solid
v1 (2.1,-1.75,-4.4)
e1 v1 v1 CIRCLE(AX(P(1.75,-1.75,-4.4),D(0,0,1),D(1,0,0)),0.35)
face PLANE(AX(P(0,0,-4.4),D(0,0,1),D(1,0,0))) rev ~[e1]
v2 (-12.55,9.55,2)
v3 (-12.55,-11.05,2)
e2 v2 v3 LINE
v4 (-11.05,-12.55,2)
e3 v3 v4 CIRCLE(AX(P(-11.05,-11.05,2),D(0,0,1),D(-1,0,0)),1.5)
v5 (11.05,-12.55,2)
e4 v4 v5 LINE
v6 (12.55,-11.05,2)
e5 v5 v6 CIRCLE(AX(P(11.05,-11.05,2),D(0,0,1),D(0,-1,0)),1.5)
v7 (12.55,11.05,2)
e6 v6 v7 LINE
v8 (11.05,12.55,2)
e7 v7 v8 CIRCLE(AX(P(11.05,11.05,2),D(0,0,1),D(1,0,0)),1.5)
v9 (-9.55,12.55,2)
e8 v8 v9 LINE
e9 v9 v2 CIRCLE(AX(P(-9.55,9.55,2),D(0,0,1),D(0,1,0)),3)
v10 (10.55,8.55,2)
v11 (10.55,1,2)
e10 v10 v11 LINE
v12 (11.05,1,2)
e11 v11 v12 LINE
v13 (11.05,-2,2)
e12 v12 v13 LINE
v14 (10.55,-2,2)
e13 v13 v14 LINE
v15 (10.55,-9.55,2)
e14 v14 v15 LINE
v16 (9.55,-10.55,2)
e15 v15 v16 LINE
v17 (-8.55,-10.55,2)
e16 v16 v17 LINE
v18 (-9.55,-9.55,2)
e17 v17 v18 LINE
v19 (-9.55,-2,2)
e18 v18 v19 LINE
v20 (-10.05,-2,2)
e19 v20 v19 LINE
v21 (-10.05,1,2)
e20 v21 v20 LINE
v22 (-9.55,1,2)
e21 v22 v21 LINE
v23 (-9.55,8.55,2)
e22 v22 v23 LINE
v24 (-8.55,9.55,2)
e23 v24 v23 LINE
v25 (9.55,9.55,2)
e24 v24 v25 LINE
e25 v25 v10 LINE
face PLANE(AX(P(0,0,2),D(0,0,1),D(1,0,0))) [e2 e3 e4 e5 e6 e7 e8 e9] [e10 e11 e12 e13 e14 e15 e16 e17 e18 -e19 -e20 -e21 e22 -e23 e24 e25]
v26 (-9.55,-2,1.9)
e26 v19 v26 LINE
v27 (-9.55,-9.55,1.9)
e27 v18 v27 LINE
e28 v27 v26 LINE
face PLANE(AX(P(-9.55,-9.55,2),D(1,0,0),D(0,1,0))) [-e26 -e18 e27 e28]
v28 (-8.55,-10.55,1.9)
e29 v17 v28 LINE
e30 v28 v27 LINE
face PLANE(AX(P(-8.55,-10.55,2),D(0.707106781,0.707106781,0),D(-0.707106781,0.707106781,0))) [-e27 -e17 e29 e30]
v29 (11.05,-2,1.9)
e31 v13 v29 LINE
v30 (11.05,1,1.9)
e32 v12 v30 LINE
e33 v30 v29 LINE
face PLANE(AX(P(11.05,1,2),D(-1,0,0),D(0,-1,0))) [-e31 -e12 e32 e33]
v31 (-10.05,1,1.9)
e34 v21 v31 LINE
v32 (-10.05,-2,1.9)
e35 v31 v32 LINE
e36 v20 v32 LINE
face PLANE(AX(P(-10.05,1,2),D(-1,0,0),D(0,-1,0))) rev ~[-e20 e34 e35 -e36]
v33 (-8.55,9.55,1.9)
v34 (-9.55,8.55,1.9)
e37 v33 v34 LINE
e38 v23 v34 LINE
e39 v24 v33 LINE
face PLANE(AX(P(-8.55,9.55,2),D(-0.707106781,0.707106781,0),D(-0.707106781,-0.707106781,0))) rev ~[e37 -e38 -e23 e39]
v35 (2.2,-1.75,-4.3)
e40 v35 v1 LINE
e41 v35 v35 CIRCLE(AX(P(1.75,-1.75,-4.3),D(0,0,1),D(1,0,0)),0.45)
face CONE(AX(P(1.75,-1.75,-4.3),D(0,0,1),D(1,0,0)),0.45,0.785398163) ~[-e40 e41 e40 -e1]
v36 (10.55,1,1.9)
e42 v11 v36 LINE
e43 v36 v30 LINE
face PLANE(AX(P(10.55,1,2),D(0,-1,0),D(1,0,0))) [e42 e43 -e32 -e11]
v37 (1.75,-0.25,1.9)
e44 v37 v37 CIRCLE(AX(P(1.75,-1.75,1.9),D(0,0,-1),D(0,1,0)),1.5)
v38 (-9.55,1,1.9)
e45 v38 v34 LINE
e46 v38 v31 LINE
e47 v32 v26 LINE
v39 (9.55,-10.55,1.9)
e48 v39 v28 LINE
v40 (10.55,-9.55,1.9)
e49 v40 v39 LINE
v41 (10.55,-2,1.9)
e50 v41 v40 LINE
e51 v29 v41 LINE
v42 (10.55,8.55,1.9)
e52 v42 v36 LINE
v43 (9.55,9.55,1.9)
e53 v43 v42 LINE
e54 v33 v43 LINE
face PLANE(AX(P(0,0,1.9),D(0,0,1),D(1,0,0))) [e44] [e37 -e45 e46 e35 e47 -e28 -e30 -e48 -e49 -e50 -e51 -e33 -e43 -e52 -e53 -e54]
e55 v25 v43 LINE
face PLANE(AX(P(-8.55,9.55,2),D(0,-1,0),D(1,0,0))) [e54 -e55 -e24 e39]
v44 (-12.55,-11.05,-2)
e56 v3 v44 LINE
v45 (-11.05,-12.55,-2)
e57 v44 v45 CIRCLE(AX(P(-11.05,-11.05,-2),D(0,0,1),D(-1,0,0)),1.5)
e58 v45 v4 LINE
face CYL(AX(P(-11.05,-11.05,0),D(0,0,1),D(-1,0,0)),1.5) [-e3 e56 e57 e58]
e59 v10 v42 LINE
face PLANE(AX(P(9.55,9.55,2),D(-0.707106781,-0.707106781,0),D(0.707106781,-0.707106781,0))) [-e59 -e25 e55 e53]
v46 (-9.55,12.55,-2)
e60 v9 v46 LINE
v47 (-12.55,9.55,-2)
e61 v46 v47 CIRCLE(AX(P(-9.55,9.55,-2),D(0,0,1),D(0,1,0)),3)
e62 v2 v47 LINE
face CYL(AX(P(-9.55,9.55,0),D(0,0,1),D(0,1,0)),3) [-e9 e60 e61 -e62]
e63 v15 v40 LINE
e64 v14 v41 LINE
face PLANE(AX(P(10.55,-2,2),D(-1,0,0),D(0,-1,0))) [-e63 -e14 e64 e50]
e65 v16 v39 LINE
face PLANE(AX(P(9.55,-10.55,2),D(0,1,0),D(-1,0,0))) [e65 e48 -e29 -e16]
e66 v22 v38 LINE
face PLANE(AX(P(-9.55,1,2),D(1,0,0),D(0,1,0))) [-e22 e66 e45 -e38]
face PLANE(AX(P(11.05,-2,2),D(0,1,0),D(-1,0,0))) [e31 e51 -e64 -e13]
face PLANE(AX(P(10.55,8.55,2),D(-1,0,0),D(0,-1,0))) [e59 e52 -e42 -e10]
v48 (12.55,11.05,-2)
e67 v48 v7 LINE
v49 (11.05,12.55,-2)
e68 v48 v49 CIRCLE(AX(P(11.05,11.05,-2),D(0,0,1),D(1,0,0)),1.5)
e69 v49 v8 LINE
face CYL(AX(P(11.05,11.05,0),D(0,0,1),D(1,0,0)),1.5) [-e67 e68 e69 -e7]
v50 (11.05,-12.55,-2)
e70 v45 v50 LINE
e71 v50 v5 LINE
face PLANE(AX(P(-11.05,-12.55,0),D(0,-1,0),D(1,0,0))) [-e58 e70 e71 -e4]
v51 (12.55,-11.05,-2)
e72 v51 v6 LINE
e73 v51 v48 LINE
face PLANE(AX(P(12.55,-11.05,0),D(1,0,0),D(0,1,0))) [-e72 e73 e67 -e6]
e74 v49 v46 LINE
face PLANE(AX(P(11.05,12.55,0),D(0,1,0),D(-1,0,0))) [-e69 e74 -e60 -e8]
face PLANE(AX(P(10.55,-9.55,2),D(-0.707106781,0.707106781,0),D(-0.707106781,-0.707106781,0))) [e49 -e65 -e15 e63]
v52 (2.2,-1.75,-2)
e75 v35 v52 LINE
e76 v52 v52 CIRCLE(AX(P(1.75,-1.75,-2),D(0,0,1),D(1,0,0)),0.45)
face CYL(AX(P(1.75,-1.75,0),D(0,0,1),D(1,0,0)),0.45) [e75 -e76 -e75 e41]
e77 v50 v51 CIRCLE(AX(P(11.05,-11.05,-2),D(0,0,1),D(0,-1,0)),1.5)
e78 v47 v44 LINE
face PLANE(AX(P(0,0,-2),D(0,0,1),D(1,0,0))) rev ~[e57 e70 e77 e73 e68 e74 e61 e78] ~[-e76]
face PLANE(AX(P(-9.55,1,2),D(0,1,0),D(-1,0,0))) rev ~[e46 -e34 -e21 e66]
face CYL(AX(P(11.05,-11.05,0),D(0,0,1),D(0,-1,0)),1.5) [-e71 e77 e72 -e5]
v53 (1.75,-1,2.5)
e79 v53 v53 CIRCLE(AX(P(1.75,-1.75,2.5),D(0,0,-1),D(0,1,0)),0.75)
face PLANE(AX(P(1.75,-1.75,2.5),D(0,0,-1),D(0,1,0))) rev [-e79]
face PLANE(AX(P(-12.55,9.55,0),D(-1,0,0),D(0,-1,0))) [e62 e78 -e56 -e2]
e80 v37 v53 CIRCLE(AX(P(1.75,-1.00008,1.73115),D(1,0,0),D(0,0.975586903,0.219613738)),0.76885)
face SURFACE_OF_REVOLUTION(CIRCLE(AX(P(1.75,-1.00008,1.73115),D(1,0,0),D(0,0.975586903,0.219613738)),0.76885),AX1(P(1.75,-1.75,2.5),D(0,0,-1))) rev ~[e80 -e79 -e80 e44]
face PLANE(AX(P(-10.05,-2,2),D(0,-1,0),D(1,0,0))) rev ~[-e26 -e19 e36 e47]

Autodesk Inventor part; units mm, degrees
ref_plane "XZ Plane" through (0, 0, 0) normal (0, 1, 0) x (-1, 0, 0)
ref_plane "XY Plane" through (0, 0, 0) normal (0, 0, 1) x (1, 0, 0)
sketch "Sketch1" plane through (0, 0, 0) normal (0, 0, 1) x (1, 0, 0)
  line L0 (-11.05, -12.55) -> (11.05, -12.55)
  line L1 (12.55, -11.05) -> (12.55, 11.05)
  line L2 (11.05, 12.55) -> (-9.55, 12.55)
  line L3 (-12.55, 9.55) -> (-12.55, -11.05)
  line L4 (-12.55, -12.55) -> (12.55, 12.55) construction
  line L5 (12.55, -12.55) -> (-12.55, 12.55) construction
  arc A0 (-9.55, 12.55) -> (-12.55, 9.55) centre (-9.55, 9.55) ccw
  arc A1 (-12.55, -11.05) -> (-11.05, -12.55) centre (-11.05, -11.05) ccw
  arc A2 (11.05, -12.55) -> (12.55, -11.05) centre (11.05, -11.05) ccw
  arc A3 (12.55, 11.05) -> (11.05, 12.55) centre (11.05, 11.05) ccw
  circle A4 centre (1.75, -1.75) radius 0.45
  point P0 (0, 0)
  point P1 (0, 0)
  dimension "d0" = 25.1
  dimension "d1" = 3
  dimension "d2" = 0.9
  dimension "d7" = 1.5
  dimension "d8" = 25.1
  dimension "d9" = 1.75
extrude "Extrusion1" add sketch "Sketch1" along normal mid plane 4 contours A1 L3 A0 L2 A3 L1 A2 L0 | A4
extrude "Extrusion2" add sketch "Sketch1" against normal blind 4.4 and the other way blind 2.25 contours A4
chamfer "Chamfer1" distance 0.1 angle 45 1 edges at (1.3, -1.75, -4.4)
sketch "Sketch4" plane through (0, 0, 2) normal (0, 0, 1) x (1, 0, 0)
  line L0 (-12.55, 9.55) -> (-12.55, -11.05) projected
  arc A0 (-12.55, -11.05) -> (-11.05, -12.55) centre (-11.05, -11.05) ccw projected
  line L1 (-11.05, -12.55) -> (11.05, -12.55) projected
  arc A1 (11.05, -12.55) -> (12.55, -11.05) centre (11.05, -11.05) ccw projected
  line L2 (12.55, -11.05) -> (12.55, 11.05) projected
  arc A2 (12.55, 11.05) -> (11.05, 12.55) centre (11.05, 11.05) ccw projected
  line L3 (11.05, 12.55) -> (-9.55, 12.55) projected
  arc A3 (-9.55, 12.55) -> (-12.55, 9.55) centre (-9.55, 9.55) ccw projected
  line L4 (-8.55, 9.55) -> (9.55, 9.55)
  line L5 (10.55, 8.55) -> (10.55, -9.55)
  line L6 (9.55, -10.55) -> (-8.55, -10.55)
  line L7 (-9.55, -9.55) -> (-9.55, 8.55)
  line L8 (-8.55, 9.55) -> (-9.55, 8.55)
  line L9 (9.55, 9.55) -> (10.55, 8.55)
  line L10 (10.55, -9.55) -> (9.55, -10.55)
  line L11 (-8.55, -10.55) -> (-9.55, -9.55)
  line L12 (-9.55, 1) -> (-10.05, 1)
  line L13 (-10.05, 1) -> (-10.05, -2)
  line L14 (-10.05, -2) -> (-9.55, -2)
  line L15 (-9.55, -2) -> (-9.55, 1)
  line L16 (10.55, 1) -> (11.05, 1)
  line L17 (11.05, 1) -> (11.05, -2)
  line L18 (11.05, -2) -> (10.55, -2)
  line L19 (10.55, -2) -> (10.55, 1)
  point P0 (0, 0)
  point P1 (10.55, -10.55)
  point P2 (10.55, 9.55)
  point P3 (-9.55, -10.55)
  point P4 (10.55, -0.5)
  point P5 (-9.55, -0.5)
  dimension "d21" = 1
  dimension "d22" = 1
  dimension "d23" = 1
  dimension "d24" = 1
  dimension "d25" = 1
  dimension "d26" = 1
  dimension "d27" = 1
  dimension "d28" = 1
  dimension "d29" = 2
  dimension "d30" = 2
  dimension "d31" = 3
  dimension "d32" = 3
  dimension "d33" = 0.5
  dimension "d34" = 3
extrude "Extrusion3" cut sketch "Sketch4" against normal blind 0.1 contours L4 L9 L5 L10 L6 L11 L7 L8 | L7 L14 L13 L12 | L16 L17 L18 L5
ref_plane "Work Plane1" through (1.75, -1.75, 0) normal (1, 0, 0) x (0, 1, 0)
sketch "Sketch5" plane through (1.75, -1.75, 0) normal (1, 0, 0) x (0, 1, 0)
  line L0 (10.3, 1.9) -> (2.75, 1.9) projected
  line L1 (11.3, 1.9) -> (10.3, 1.9) projected
  line L2 (10.3, 1.9) -> (11.3, 1.9) projected
  line L3 (2.75, 1.9) -> (10.3, 1.9) projected
  line L4 (-0.25, 1.9) -> (2.75, 1.9) projected
  line L5 (-7.8, 1.9) -> (-0.25, 1.9) projected
  line L6 (-8.8, 1.9) -> (-7.8, 1.9) projected
  line L7 (-7.8, 1.9) -> (-8.8, 1.9) projected
  line L8 (-0.25, 1.9) -> (-7.8, 1.9) projected
  line L9 (2.75, 1.9) -> (-0.25, 1.9) projected
  arc A0 (-0.75, 2.5) -> (-1.5, 1.9) centre (-0.75, 1.7312) ccw
  arc A1 (1.5, 1.9) -> (0.75, 2.5) centre (0.75, 1.7312) ccw
  line L10 (-0.75, 2.5) -> (0.75, 2.5)
  line L11 (0.45, -2) -> (-0.45, -2) projected
  line L12 (-0.45, -4.3) -> (0.45, -4.3) projected
  line L13 (0, 2.5) -> (0, 1.9)
  point P0 (1.75, 0)
  point P1 (0, -2)
  dimension "d37" = 1.5
  dimension "d38" = 3
  dimension "d39" = 0.6
revolve "Revolution2" add sketch "Sketch5" angle 360 about axis through (1.75, -1.75, 2.5) along (0, 0, -1) contours L13 L10 A1 L4
sketch "Sketch6" plane through (0, 0, 1.9) normal (0, 0, 1) x (1, 0, 0)
  circle A0 centre (1.75, -1.75) radius 1.5 projected
  line L0 (10.55, 1) -> (11.05, 1) projected
  line L1 (10.55, 8.55) -> (10.55, 1) projected
  line L2 (9.55, 9.55) -> (10.55, 8.55) projected
  line L3 (-8.55, 9.55) -> (9.55, 9.55) projected
  line L4 (-9.55, 8.55) -> (-8.55, 9.55) projected
  line L5 (-9.55, 1) -> (-9.55, 8.55) projected
  line L6 (-10.05, 1) -> (-9.55, 1) projected
  line L7 (-10.05, -2) -> (-10.05, 1) projected
  line L8 (-9.55, -2) -> (-10.05, -2) projected
  line L9 (-9.55, -9.55) -> (-9.55, -2) projected
  line L10 (-8.55, -10.55) -> (-9.55, -9.55) projected
  line L11 (9.55, -10.55) -> (-8.55, -10.55) projected
  line L12 (10.55, -9.55) -> (9.55, -10.55) projected
  line L13 (10.55, -2) -> (10.55, -9.55) projected
  line L14 (11.05, -2) -> (10.55, -2) projected
  line L15 (11.05, 1) -> (11.05, -2) projected
  circle A1 centre (1.75, -1.75) radius 2
  point P0 (0, 0)
  dimension "d41" = 4
split_face "Split1"
equation "\"d8\" = d0"
equation "\"d22\" = d21"
equation "\"d23\" = d21"
equation "\"d24\" = d23"
equation "\"d25\" = d21"
equation "\"d26\" = d25"
equation "\"d27\" = d21"
equation "\"d28\" = d27"
equation "\"d30\" = d29"
properties part number "Antenna_GPSPatch" material "Porcelain, Linen"
